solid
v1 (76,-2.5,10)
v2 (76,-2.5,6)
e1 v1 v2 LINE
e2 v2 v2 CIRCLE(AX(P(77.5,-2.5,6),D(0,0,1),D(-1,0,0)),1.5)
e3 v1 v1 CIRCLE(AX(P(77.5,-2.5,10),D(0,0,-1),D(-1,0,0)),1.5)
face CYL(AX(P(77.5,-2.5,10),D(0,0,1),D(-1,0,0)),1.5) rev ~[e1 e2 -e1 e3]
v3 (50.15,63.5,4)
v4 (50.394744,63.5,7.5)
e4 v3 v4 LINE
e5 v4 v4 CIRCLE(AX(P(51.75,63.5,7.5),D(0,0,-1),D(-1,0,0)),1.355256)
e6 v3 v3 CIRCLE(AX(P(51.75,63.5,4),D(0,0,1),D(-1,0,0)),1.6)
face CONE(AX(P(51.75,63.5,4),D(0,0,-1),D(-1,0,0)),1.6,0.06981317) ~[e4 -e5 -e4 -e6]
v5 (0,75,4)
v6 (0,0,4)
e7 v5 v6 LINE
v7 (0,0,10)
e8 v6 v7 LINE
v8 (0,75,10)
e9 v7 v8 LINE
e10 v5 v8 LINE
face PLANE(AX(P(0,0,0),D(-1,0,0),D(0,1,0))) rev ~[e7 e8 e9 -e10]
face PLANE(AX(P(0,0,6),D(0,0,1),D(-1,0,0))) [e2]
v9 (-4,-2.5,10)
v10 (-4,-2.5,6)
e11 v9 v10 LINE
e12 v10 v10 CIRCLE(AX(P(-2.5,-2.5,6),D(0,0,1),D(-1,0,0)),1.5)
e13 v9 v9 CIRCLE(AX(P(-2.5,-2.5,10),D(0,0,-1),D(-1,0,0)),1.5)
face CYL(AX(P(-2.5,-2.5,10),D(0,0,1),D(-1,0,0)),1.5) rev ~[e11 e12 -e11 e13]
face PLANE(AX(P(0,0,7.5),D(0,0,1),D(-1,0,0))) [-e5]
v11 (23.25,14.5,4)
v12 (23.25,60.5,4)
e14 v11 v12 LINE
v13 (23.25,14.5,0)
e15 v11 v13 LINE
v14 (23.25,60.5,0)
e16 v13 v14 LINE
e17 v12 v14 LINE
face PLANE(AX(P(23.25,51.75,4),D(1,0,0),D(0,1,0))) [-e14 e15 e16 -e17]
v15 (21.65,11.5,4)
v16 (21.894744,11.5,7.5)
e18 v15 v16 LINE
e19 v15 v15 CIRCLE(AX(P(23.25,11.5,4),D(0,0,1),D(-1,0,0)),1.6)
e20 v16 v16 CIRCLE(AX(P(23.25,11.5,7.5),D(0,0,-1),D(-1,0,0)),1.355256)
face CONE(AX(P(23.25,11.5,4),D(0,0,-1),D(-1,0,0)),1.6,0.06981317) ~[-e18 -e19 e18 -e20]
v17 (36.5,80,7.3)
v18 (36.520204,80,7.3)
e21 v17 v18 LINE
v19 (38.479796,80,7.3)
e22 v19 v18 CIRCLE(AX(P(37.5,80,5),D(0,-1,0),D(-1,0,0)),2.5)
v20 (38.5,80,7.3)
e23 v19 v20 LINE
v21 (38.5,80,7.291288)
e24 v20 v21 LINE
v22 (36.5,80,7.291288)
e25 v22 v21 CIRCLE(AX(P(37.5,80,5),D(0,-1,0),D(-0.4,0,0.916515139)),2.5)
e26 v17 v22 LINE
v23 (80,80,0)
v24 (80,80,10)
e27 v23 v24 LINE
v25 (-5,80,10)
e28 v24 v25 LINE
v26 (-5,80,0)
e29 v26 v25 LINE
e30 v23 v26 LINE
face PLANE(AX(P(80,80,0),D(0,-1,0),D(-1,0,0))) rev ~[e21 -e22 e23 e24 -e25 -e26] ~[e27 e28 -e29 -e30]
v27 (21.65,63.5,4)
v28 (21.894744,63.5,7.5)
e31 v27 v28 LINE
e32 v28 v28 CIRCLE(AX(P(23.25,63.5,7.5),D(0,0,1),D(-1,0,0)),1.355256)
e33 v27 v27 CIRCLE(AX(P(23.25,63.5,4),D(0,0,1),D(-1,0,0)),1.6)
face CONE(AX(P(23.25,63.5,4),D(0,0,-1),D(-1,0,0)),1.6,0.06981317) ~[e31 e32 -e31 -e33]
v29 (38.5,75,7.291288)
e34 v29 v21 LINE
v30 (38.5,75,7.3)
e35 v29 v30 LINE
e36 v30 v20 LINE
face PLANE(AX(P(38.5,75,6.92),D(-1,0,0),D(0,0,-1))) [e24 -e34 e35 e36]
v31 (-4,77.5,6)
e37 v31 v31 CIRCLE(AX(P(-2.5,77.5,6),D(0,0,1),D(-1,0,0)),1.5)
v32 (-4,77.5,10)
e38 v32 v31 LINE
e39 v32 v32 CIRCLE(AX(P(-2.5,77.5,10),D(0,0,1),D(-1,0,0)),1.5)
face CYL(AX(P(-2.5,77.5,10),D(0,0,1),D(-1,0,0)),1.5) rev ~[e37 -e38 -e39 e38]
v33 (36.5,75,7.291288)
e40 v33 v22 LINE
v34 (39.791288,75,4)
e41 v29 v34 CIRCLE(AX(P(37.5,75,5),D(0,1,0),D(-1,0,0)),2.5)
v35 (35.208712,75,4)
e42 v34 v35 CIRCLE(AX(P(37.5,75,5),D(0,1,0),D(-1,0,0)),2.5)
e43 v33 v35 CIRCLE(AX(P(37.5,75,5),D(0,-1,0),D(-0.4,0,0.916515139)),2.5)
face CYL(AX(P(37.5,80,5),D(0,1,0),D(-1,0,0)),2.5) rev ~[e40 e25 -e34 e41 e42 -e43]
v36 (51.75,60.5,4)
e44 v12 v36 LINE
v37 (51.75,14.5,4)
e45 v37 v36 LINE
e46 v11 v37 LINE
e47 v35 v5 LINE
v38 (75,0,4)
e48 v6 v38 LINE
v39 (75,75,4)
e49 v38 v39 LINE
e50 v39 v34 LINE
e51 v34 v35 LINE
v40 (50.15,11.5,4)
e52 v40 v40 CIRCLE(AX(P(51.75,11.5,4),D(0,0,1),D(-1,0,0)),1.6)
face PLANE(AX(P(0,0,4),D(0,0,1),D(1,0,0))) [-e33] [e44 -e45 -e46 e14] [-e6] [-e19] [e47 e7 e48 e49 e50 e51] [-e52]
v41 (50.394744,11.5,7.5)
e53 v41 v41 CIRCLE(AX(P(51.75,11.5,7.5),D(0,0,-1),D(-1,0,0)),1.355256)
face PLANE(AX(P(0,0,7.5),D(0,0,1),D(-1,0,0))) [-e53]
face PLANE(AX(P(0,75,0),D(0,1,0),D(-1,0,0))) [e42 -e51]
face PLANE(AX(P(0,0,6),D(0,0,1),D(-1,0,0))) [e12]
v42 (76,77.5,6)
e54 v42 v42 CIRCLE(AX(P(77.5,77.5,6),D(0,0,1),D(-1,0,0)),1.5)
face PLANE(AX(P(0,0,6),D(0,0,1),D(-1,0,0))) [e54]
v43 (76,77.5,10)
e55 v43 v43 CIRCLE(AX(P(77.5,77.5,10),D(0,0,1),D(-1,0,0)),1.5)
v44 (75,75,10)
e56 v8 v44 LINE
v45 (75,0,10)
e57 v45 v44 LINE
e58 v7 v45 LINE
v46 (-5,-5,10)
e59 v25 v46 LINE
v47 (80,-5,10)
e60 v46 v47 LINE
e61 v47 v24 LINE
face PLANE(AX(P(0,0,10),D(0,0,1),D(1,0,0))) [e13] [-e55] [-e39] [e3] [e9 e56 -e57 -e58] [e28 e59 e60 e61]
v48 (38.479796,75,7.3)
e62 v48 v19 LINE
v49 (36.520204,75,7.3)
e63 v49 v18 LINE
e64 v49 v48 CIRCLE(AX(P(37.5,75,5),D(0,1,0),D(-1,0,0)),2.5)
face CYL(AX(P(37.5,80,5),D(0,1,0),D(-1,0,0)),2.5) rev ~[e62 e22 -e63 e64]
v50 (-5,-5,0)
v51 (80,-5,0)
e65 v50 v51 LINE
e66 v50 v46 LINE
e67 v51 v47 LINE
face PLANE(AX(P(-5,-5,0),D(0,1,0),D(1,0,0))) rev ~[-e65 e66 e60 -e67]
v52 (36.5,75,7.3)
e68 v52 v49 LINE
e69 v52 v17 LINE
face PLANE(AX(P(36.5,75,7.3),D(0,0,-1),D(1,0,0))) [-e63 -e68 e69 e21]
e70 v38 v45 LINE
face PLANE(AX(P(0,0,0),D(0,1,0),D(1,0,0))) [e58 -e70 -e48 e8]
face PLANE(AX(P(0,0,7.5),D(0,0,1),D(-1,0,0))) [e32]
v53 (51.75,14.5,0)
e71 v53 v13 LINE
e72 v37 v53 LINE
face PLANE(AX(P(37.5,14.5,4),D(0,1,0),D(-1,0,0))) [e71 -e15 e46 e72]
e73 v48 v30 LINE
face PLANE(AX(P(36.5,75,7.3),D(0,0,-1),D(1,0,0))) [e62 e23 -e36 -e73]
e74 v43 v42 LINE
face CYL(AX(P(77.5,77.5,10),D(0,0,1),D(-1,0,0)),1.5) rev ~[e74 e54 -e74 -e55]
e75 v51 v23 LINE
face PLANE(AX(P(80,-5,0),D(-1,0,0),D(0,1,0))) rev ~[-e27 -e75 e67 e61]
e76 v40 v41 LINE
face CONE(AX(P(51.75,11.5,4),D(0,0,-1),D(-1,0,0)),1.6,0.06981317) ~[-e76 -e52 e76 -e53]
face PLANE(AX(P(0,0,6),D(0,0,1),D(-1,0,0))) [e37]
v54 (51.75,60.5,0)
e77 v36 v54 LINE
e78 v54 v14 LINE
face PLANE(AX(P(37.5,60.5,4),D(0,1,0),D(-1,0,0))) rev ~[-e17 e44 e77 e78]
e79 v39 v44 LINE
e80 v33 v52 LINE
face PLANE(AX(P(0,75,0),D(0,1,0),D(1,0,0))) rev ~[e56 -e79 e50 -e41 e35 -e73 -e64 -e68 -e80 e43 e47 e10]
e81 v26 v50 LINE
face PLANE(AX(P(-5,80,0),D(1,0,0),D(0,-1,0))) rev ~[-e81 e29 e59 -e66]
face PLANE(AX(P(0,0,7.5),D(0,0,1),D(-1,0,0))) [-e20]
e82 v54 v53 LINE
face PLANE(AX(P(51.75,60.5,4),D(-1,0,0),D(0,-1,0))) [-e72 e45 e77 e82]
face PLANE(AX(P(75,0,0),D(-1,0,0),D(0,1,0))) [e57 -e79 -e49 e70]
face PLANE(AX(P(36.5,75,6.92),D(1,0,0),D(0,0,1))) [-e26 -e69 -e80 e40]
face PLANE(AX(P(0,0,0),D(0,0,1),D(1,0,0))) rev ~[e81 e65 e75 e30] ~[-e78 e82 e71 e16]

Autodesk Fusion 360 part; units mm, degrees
sketch "Sketch1" plane through (0, 0, 0) normal (0, 0, 1) x (1, 0, 0)
  line L0 (0, 0) -> (0, 75)
  line L1 (0, 75) -> (75, 75)
  line L2 (0, 0) -> (75, 0)
  line L3 (75, 0) -> (75, 75)
  line L4 (75, 75) -> (0, 75)
  line L5 (0, 75) -> (0, 0)
  line L6 (-5, -5) -> (80, -5)
  line L7 (80, -5) -> (80, 80)
  line L8 (80, 80) -> (-5, 80)
  line L9 (-5, 80) -> (-5, -5)
  line L10 (-5, -5) -> (80, -5)
  line L11 (80, -5) -> (80, 80)
  dimension "d1" = 75
  dimension "d2" = 75
  dimension "d3" = 85
extrude "Extrude1" add sketch "Sketch1" along normal blind 10
sketch "Sketch2" plane through (0, 0, 0) normal (0, 0, 1) x (1, 0, 0)
  line L0 (0, 0) -> (75, 0)
  line L1 (75, 0) -> (75, 75)
  line L2 (75, 75) -> (0, 75)
  line L3 (0, 75) -> (0, 0)
extrude "Extrude2" add sketch "Sketch2" along normal blind 4
sketch "Sketch3" plane through (0, 0, 4) normal (0, 0, 1) x (-1, 0, 0)
  line L0 (0, -75) -> (0, 0)
  line L1 (0, 0) -> (-75, 0)
  line L2 (-75, 0) -> (-75, -75)
  line L3 (-75, -75) -> (0, -75)
  line L4 (0, -75) -> (-75, 0)
  line L5 (0, 0) -> (-75, -75)
  line L6 (-37.5, -37.5) -> (-20.25, -37.5)
  line L7 (-37.5, -37.5) -> (-54.75, -37.5)
  line L8 (-20.25, -37.5) -> (-20.25, -66.5)
  line L9 (-54.75, -37.5) -> (-54.75, -8.5)
  line L10 (-20.25, -66.5) -> (-54.75, -66.5)
  line L11 (-54.75, -66.5) -> (-54.75, -8.5)
  line L12 (-54.75, -8.5) -> (-20.25, -8.5)
  line L13 (-20.25, -8.5) -> (-20.25, -66.5)
  line L14 (-37.5, -37.5) -> (-37.5, -60.5)
  line L15 (-37.5, -37.5) -> (-37.5, -14.5)
  line L16 (-37.5, -14.5) -> (-51.75, -14.5)
  line L17 (-37.5, -60.5) -> (-23.25, -60.5)
  line L18 (-23.25, -60.5) -> (-51.75, -60.5)
  line L19 (-51.75, -60.5) -> (-51.75, -14.5)
  line L20 (-51.75, -14.5) -> (-23.25, -14.5)
  line L21 (-23.25, -14.5) -> (-23.25, -60.5)
  dimension "d8" = 17.25
  dimension "d9" = 17.25
  dimension "d10" = 29
  dimension "d11" = 29
  dimension "d12" = 23
  dimension "d13" = 23
  dimension "d14" = 14.25
  dimension "d15" = 14.25
extrude "Extrude3" cut sketch "Sketch3" against normal blind 5 contours L4 L14 L17 L18 L21 | L4 L6 L21 | L5 L6 L21 | L5 L15 L20 L21 | L5 L7 L19 | L5 L14 L18 L19 | L4 L7 L19 | L4 L15 L16 L19 L20
sketch "Sketch4" plane through (0, 0, 4) normal (0, 0, 1) x (-1, 0, 0)
  line L0 (-51.75, -60.5) -> (-51.75, -14.5)
  line L1 (-51.75, -14.5) -> (-23.25, -14.5)
  line L2 (-23.25, -14.5) -> (-23.25, -60.5)
  line L3 (-23.25, -60.5) -> (-51.75, -60.5)
  line L4 (0, -75) -> (0, 0)
  line L5 (0, 0) -> (-75, 0)
  line L6 (-75, 0) -> (-75, -75)
  line L7 (-75, -75) -> (0, -75)
  line L8 (-75, 0) -> (0, -75)
  line L9 (-75, -75) -> (0, 0)
  line L10 (-37.5, -37.5) -> (-54.75, -37.5)
  line L11 (-54.75, -37.5) -> (-54.75, -8.5)
  line L12 (-54.75, -8.5) -> (-20.25, -8.5)
  line L13 (-20.25, -8.5) -> (-20.25, -66.5)
  line L14 (-20.25, -66.5) -> (-54.75, -66.5)
  line L15 (-54.75, -66.5) -> (-54.75, -8.5)
  line L16 (-54.75, -8.5) -> (-20.25, -8.5)
  line L17 (-20.25, -8.5) -> (-20.25, -66.5)
  line L18 (-20.25, -66.5) -> (-20.25, -63.5)
  line L19 (-20.25, -63.5) -> (-23.25, -63.5)
  circle A0 centre (-23.25, -63.5) radius 1.6
  line L20 (-54.75, -66.5) -> (-51.75, -66.5)
  line L21 (-51.75, -66.5) -> (-51.75, -63.5)
  circle A1 centre (-51.75, -63.5) radius 1.6
  line L22 (-20.25, -8.5) -> (-23.25, -8.5)
  line L23 (-23.25, -8.5) -> (-23.25, -11.5)
  circle A2 centre (-23.25, -11.5) radius 1.6
  line L24 (-54.75, -8.5) -> (-54.75, -11.5)
  line L25 (-54.75, -11.5) -> (-51.75, -11.5)
  circle A3 centre (-51.75, -11.5) radius 1.6
  dimension "d23" = 17.25
  dimension "d24" = 29
  dimension "d25" = 34.5
  dimension "d26" = 58
  dimension "d27" = 3
  dimension "d28" = 3
  dimension "d29" = 3.2
  dimension "d30" = 3
  dimension "d31" = 3
  dimension "d32" = 3.2
  dimension "d33" = 3
  dimension "d34" = 3
  dimension "d35" = 3.2
  dimension "d36" = 3
  dimension "d37" = 3
  dimension "d38" = 3.2
extrude "Extrude4" add sketch "Sketch4" along normal blind 3.5 draft -4 contours A1 | A0 | A2 | A3
sketch "Sketch5" plane through (0, 0, 10) normal (0, 0, 1) x (-1, 0, 0)
  line L0 (0, 0) -> (0, -75)
  line L1 (0, -75) -> (-75, -75)
  line L2 (-75, -75) -> (-75, 0)
  line L3 (-75, 0) -> (0, 0)
  line L4 (-80, 5) -> (-80, -80)
  line L5 (-80, -80) -> (5, -80)
  line L6 (5, -80) -> (5, 5)
  line L7 (5, 5) -> (-80, 5)
  line L8 (5, 5) -> (0, 0)
  line L9 (5, 0) -> (0, 5)
  circle A0 centre (2.5, 2.5) radius 1.5
  line L10 (-75, 0) -> (-80, 5)
  circle A1 centre (-77.5, 2.5) radius 1.5
  line L11 (-75, 5) -> (-80, 0)
  circle A2 centre (-77.5, -77.5) radius 1.5
  circle A3 centre (2.5, -77.5) radius 1.5
  dimension "d41" = 3
  dimension "d43" = 3
  dimension "d44" = 3
  dimension "d45" = 3
extrude "Extrude5" cut sketch "Sketch5" against normal blind 4 contours L8 L9 A0 | L8 L9 A0 | L10 A1 L11 | L10 A1 L11 | L8 L9 A0 | L8 L9 A0 | L10 A1 L11 | L10 A1 L11 | A2 | A3
sketch "Sketch6" plane through (0, 75, 0) normal (0, -1, 0) x (1, 0, 0)
  line L0 (0, 4) -> (75, 4)
  line L1 (75, 4) -> (75, 10)
  line L2 (75, 10) -> (0, 10)
  line L3 (0, 10) -> (0, 4)
  line L4 (75, 4) -> (0, 10)
  line L5 (0, 4) -> (75, 10)
  line L6 (38.5, 6.7) -> (36.5, 6.7)
  line L7 (36.5, 6.7) -> (36.5, 7.3)
  line L8 (36.5, 7.3) -> (38.5, 7.3)
  line L9 (38.5, 7.3) -> (38.5, 6.7)
  line L10 (38.5, 6.7) -> (36.5, 7.3) construction
  line L11 (36.5, 6.7) -> (38.5, 7.3) construction
  point P0 (37.5, 7)
extrude "Extrude6" cut sketch "Sketch6" against normal blind 5 contours L4 L5 L7 | L4 L5 L6 L7 L9 | L4 L5 L9 | L4 L5 L7 L8 L9
sketch "Sketch7" plane through (0, 80, 0) normal (0, 1, 0) x (-1, 0, 0)
  line L0 (-36.5, 7.3) -> (-36.5, 6.7)
  line L1 (-38.5, 6.7) -> (-38.5, 7.3)
  line L2 (-80, 0) -> (5, 0)
  line L3 (5, 0) -> (5, 10)
  line L4 (5, 10) -> (-80, 10)
  line L5 (-80, 10) -> (-80, 0)
  line L6 (5, 0) -> (-80, 10)
  line L7 (-80, 0) -> (5, 10)
  circle A0 centre (-37.5, 5) radius 2.5
  dimension "d50" = 5
extrude "Extrude7" cut sketch "Sketch7" against normal blind 5 contours L6 L7 A0 | L6 L7 A0 | L6 L7 A0 | L6 L7 A0
equation "d8 = ( 34.5 / 2 ) * 1 mm"
equation "d9 = ( 34.5 / 2 ) * 1 mm"
equation "d10 = ( 58 / 2 ) * 1 mm"
equation "d11 = ( 58 / 2 ) * 1 mm"
equation "d12 = ( 46 / 2 ) * 1 mm"
equation "d13 = ( 46 / 2 ) * 1 mm"
equation "d14 = ( 28.5 / 2 ) * 1 mm"
equation "d15 = ( 28.5 / 2 ) * 1 mm"
equation "d23 = ( 34.5 / 2 ) * 1 mm"
equation "d24 = ( 58 / 2 ) * 1 mm"
